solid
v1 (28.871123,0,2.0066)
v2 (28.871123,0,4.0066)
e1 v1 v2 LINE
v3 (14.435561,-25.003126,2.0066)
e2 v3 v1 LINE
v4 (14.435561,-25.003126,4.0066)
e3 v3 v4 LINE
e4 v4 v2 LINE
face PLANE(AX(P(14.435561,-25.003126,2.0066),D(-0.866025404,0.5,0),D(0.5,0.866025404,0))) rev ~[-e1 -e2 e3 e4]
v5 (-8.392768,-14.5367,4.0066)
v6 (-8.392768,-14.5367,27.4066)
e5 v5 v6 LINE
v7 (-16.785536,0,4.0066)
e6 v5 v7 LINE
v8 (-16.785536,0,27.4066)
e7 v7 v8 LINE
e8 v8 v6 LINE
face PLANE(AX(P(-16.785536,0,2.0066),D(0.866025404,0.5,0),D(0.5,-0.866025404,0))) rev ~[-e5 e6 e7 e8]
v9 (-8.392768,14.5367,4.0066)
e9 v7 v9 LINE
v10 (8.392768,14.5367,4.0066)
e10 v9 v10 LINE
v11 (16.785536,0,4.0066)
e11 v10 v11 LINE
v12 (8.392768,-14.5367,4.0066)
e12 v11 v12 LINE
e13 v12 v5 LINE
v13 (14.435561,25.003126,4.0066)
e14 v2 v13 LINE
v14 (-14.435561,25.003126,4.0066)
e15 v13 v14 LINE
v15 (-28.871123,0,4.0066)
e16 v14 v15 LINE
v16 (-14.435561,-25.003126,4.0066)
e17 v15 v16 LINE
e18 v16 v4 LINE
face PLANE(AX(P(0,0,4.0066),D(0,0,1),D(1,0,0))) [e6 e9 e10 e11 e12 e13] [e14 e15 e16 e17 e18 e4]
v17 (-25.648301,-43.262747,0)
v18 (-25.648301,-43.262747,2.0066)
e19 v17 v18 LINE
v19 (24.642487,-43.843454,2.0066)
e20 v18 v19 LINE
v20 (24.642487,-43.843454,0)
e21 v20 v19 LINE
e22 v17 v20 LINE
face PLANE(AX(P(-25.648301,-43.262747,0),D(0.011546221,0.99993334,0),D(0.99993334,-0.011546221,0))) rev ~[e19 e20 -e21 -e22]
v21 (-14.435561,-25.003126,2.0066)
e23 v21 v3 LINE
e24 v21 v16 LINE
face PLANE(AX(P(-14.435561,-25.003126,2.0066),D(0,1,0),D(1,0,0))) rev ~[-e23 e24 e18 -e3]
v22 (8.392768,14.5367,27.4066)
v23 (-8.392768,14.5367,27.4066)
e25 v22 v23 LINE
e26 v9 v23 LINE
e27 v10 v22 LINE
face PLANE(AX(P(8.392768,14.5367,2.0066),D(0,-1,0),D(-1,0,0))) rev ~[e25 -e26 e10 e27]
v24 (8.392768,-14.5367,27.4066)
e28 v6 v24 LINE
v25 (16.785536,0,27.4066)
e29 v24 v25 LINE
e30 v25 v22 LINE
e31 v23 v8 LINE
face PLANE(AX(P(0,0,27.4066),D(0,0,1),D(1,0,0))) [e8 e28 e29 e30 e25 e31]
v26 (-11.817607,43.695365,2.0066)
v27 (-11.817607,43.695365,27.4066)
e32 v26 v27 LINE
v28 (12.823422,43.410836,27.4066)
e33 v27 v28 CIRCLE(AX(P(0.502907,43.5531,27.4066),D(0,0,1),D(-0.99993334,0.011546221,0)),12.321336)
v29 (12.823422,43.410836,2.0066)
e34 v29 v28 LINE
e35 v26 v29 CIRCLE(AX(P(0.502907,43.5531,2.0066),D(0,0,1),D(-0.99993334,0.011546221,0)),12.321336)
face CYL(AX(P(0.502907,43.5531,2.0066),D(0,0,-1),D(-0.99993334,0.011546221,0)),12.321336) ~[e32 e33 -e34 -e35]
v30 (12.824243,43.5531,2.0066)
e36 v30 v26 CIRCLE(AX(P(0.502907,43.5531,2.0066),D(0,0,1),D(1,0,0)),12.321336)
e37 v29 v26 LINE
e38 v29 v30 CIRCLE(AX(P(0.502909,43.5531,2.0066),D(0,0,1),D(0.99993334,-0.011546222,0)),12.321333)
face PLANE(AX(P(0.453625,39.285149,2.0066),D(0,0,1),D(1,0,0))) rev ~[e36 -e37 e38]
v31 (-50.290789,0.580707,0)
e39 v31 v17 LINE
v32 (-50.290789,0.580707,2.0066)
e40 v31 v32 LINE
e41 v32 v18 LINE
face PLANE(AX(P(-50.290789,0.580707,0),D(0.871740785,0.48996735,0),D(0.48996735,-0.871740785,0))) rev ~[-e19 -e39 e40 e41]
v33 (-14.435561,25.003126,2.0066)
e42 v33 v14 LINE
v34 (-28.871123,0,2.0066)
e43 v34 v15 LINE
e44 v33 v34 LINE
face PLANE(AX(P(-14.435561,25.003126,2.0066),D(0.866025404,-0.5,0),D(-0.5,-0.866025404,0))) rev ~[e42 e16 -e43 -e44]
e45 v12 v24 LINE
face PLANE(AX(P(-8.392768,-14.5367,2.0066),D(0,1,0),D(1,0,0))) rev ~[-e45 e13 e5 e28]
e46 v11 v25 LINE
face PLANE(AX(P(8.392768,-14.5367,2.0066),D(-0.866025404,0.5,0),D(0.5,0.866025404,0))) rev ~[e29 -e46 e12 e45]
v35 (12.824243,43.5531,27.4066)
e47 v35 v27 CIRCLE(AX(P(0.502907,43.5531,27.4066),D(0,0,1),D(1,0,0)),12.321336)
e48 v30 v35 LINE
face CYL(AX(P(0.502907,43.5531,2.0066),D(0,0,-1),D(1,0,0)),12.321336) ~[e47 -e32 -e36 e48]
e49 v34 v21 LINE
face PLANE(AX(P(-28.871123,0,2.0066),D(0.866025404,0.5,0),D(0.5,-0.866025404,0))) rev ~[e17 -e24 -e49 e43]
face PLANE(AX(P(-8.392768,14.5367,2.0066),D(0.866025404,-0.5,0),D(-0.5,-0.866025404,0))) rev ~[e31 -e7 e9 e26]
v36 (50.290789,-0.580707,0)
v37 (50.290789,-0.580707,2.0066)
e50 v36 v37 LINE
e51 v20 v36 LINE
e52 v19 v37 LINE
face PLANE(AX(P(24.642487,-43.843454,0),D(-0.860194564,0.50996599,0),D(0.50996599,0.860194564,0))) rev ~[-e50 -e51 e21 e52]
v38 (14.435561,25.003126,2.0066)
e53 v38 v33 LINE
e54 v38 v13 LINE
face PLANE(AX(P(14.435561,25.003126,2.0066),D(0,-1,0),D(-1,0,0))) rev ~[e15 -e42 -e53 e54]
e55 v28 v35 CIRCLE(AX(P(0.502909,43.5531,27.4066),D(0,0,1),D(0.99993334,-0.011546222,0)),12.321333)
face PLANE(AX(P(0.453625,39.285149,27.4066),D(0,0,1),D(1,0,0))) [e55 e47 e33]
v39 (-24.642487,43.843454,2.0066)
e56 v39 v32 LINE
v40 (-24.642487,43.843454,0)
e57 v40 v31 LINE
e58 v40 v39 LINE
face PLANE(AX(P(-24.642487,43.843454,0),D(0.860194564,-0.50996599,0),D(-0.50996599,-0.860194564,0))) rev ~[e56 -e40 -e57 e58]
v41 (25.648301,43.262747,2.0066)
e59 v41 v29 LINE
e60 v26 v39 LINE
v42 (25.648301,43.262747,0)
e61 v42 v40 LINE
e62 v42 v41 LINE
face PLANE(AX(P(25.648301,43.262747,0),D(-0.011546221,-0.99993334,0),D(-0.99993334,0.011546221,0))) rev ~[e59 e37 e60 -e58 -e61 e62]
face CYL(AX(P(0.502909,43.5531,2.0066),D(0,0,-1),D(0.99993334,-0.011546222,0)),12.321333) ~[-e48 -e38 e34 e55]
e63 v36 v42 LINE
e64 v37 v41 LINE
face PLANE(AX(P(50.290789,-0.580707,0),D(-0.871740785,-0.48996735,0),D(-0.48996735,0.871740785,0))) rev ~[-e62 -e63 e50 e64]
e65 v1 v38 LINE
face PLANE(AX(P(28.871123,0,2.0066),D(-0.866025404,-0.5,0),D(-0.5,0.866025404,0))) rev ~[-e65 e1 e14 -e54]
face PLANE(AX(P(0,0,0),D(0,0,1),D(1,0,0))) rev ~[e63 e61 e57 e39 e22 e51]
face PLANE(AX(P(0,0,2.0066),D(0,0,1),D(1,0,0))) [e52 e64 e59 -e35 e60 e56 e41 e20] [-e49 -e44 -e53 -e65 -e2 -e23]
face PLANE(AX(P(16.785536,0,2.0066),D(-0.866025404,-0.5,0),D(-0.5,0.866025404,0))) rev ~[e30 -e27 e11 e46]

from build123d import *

# Parameters (mm, degrees)
F1_DEPTH = 2.0066
F3_DEPTH = 2
F5_DEPTH = 25.4


with BuildPart() as f1:
    # F0 (on Top) → F1 (new body)
    with BuildSketch(Plane.XY):
        Polygon((-24.6424870433, 43.8434540713), (-50.2907885371, 0.5807072437), (-25.6483014937, -43.2627468276), (24.6424870433, -43.8434540713), (50.2907885371, -0.5807072437), (25.6483014937, 43.2627468276), align=None)
    extrude(amount=F1_DEPTH)

    # F2 (on face) → F3 (join)
    with BuildSketch(Plane.XY.offset(2.0066)):
        Polygon((14.4355614638, 25.0031258911), (-14.4355614638, 25.0031258911), (-28.8711229276, 0), (-14.4355614638, -25.0031258911), (14.4355614638, -25.0031258911), (28.8711229276, 0), align=None)
    extrude(amount=F3_DEPTH)

    # F4 (on face) → F5 (join)
    with BuildSketch(Plane.XY.offset(2.0066)):
        Polygon((8.3927677802, 14.5367002115), (-8.3927677802, 14.5367002115), (-16.7855355604, 0), (-8.3927677802, -14.5367002115), (8.3927677802, -14.5367002115), (16.7855355604, 0), align=None)
        with BuildLine():
            Line((12.8234216162, 43.4108355902), (-11.8176071658, 43.6953653087))
            ThreePointArc((-11.8176071658, 43.6953653087), (0.3606423659, 31.2325860584), (12.8234216162, 43.4108355902))
        make_face()
        with BuildLine():
            ThreePointArc((12.8234216162, 43.4108355902), (12.8240376181, 43.4819668344), (12.8242429543, 43.5531004494))
            ThreePointArc((12.8242429543, 43.5531004494), (0.5740408403, 55.8742308423), (-11.8176071658, 43.6953653087))
            Line((-11.8176071658, 43.6953653087), (12.8234216162, 43.4108355902))
        make_face()
    extrude(amount=F5_DEPTH)


solid = f1.part
